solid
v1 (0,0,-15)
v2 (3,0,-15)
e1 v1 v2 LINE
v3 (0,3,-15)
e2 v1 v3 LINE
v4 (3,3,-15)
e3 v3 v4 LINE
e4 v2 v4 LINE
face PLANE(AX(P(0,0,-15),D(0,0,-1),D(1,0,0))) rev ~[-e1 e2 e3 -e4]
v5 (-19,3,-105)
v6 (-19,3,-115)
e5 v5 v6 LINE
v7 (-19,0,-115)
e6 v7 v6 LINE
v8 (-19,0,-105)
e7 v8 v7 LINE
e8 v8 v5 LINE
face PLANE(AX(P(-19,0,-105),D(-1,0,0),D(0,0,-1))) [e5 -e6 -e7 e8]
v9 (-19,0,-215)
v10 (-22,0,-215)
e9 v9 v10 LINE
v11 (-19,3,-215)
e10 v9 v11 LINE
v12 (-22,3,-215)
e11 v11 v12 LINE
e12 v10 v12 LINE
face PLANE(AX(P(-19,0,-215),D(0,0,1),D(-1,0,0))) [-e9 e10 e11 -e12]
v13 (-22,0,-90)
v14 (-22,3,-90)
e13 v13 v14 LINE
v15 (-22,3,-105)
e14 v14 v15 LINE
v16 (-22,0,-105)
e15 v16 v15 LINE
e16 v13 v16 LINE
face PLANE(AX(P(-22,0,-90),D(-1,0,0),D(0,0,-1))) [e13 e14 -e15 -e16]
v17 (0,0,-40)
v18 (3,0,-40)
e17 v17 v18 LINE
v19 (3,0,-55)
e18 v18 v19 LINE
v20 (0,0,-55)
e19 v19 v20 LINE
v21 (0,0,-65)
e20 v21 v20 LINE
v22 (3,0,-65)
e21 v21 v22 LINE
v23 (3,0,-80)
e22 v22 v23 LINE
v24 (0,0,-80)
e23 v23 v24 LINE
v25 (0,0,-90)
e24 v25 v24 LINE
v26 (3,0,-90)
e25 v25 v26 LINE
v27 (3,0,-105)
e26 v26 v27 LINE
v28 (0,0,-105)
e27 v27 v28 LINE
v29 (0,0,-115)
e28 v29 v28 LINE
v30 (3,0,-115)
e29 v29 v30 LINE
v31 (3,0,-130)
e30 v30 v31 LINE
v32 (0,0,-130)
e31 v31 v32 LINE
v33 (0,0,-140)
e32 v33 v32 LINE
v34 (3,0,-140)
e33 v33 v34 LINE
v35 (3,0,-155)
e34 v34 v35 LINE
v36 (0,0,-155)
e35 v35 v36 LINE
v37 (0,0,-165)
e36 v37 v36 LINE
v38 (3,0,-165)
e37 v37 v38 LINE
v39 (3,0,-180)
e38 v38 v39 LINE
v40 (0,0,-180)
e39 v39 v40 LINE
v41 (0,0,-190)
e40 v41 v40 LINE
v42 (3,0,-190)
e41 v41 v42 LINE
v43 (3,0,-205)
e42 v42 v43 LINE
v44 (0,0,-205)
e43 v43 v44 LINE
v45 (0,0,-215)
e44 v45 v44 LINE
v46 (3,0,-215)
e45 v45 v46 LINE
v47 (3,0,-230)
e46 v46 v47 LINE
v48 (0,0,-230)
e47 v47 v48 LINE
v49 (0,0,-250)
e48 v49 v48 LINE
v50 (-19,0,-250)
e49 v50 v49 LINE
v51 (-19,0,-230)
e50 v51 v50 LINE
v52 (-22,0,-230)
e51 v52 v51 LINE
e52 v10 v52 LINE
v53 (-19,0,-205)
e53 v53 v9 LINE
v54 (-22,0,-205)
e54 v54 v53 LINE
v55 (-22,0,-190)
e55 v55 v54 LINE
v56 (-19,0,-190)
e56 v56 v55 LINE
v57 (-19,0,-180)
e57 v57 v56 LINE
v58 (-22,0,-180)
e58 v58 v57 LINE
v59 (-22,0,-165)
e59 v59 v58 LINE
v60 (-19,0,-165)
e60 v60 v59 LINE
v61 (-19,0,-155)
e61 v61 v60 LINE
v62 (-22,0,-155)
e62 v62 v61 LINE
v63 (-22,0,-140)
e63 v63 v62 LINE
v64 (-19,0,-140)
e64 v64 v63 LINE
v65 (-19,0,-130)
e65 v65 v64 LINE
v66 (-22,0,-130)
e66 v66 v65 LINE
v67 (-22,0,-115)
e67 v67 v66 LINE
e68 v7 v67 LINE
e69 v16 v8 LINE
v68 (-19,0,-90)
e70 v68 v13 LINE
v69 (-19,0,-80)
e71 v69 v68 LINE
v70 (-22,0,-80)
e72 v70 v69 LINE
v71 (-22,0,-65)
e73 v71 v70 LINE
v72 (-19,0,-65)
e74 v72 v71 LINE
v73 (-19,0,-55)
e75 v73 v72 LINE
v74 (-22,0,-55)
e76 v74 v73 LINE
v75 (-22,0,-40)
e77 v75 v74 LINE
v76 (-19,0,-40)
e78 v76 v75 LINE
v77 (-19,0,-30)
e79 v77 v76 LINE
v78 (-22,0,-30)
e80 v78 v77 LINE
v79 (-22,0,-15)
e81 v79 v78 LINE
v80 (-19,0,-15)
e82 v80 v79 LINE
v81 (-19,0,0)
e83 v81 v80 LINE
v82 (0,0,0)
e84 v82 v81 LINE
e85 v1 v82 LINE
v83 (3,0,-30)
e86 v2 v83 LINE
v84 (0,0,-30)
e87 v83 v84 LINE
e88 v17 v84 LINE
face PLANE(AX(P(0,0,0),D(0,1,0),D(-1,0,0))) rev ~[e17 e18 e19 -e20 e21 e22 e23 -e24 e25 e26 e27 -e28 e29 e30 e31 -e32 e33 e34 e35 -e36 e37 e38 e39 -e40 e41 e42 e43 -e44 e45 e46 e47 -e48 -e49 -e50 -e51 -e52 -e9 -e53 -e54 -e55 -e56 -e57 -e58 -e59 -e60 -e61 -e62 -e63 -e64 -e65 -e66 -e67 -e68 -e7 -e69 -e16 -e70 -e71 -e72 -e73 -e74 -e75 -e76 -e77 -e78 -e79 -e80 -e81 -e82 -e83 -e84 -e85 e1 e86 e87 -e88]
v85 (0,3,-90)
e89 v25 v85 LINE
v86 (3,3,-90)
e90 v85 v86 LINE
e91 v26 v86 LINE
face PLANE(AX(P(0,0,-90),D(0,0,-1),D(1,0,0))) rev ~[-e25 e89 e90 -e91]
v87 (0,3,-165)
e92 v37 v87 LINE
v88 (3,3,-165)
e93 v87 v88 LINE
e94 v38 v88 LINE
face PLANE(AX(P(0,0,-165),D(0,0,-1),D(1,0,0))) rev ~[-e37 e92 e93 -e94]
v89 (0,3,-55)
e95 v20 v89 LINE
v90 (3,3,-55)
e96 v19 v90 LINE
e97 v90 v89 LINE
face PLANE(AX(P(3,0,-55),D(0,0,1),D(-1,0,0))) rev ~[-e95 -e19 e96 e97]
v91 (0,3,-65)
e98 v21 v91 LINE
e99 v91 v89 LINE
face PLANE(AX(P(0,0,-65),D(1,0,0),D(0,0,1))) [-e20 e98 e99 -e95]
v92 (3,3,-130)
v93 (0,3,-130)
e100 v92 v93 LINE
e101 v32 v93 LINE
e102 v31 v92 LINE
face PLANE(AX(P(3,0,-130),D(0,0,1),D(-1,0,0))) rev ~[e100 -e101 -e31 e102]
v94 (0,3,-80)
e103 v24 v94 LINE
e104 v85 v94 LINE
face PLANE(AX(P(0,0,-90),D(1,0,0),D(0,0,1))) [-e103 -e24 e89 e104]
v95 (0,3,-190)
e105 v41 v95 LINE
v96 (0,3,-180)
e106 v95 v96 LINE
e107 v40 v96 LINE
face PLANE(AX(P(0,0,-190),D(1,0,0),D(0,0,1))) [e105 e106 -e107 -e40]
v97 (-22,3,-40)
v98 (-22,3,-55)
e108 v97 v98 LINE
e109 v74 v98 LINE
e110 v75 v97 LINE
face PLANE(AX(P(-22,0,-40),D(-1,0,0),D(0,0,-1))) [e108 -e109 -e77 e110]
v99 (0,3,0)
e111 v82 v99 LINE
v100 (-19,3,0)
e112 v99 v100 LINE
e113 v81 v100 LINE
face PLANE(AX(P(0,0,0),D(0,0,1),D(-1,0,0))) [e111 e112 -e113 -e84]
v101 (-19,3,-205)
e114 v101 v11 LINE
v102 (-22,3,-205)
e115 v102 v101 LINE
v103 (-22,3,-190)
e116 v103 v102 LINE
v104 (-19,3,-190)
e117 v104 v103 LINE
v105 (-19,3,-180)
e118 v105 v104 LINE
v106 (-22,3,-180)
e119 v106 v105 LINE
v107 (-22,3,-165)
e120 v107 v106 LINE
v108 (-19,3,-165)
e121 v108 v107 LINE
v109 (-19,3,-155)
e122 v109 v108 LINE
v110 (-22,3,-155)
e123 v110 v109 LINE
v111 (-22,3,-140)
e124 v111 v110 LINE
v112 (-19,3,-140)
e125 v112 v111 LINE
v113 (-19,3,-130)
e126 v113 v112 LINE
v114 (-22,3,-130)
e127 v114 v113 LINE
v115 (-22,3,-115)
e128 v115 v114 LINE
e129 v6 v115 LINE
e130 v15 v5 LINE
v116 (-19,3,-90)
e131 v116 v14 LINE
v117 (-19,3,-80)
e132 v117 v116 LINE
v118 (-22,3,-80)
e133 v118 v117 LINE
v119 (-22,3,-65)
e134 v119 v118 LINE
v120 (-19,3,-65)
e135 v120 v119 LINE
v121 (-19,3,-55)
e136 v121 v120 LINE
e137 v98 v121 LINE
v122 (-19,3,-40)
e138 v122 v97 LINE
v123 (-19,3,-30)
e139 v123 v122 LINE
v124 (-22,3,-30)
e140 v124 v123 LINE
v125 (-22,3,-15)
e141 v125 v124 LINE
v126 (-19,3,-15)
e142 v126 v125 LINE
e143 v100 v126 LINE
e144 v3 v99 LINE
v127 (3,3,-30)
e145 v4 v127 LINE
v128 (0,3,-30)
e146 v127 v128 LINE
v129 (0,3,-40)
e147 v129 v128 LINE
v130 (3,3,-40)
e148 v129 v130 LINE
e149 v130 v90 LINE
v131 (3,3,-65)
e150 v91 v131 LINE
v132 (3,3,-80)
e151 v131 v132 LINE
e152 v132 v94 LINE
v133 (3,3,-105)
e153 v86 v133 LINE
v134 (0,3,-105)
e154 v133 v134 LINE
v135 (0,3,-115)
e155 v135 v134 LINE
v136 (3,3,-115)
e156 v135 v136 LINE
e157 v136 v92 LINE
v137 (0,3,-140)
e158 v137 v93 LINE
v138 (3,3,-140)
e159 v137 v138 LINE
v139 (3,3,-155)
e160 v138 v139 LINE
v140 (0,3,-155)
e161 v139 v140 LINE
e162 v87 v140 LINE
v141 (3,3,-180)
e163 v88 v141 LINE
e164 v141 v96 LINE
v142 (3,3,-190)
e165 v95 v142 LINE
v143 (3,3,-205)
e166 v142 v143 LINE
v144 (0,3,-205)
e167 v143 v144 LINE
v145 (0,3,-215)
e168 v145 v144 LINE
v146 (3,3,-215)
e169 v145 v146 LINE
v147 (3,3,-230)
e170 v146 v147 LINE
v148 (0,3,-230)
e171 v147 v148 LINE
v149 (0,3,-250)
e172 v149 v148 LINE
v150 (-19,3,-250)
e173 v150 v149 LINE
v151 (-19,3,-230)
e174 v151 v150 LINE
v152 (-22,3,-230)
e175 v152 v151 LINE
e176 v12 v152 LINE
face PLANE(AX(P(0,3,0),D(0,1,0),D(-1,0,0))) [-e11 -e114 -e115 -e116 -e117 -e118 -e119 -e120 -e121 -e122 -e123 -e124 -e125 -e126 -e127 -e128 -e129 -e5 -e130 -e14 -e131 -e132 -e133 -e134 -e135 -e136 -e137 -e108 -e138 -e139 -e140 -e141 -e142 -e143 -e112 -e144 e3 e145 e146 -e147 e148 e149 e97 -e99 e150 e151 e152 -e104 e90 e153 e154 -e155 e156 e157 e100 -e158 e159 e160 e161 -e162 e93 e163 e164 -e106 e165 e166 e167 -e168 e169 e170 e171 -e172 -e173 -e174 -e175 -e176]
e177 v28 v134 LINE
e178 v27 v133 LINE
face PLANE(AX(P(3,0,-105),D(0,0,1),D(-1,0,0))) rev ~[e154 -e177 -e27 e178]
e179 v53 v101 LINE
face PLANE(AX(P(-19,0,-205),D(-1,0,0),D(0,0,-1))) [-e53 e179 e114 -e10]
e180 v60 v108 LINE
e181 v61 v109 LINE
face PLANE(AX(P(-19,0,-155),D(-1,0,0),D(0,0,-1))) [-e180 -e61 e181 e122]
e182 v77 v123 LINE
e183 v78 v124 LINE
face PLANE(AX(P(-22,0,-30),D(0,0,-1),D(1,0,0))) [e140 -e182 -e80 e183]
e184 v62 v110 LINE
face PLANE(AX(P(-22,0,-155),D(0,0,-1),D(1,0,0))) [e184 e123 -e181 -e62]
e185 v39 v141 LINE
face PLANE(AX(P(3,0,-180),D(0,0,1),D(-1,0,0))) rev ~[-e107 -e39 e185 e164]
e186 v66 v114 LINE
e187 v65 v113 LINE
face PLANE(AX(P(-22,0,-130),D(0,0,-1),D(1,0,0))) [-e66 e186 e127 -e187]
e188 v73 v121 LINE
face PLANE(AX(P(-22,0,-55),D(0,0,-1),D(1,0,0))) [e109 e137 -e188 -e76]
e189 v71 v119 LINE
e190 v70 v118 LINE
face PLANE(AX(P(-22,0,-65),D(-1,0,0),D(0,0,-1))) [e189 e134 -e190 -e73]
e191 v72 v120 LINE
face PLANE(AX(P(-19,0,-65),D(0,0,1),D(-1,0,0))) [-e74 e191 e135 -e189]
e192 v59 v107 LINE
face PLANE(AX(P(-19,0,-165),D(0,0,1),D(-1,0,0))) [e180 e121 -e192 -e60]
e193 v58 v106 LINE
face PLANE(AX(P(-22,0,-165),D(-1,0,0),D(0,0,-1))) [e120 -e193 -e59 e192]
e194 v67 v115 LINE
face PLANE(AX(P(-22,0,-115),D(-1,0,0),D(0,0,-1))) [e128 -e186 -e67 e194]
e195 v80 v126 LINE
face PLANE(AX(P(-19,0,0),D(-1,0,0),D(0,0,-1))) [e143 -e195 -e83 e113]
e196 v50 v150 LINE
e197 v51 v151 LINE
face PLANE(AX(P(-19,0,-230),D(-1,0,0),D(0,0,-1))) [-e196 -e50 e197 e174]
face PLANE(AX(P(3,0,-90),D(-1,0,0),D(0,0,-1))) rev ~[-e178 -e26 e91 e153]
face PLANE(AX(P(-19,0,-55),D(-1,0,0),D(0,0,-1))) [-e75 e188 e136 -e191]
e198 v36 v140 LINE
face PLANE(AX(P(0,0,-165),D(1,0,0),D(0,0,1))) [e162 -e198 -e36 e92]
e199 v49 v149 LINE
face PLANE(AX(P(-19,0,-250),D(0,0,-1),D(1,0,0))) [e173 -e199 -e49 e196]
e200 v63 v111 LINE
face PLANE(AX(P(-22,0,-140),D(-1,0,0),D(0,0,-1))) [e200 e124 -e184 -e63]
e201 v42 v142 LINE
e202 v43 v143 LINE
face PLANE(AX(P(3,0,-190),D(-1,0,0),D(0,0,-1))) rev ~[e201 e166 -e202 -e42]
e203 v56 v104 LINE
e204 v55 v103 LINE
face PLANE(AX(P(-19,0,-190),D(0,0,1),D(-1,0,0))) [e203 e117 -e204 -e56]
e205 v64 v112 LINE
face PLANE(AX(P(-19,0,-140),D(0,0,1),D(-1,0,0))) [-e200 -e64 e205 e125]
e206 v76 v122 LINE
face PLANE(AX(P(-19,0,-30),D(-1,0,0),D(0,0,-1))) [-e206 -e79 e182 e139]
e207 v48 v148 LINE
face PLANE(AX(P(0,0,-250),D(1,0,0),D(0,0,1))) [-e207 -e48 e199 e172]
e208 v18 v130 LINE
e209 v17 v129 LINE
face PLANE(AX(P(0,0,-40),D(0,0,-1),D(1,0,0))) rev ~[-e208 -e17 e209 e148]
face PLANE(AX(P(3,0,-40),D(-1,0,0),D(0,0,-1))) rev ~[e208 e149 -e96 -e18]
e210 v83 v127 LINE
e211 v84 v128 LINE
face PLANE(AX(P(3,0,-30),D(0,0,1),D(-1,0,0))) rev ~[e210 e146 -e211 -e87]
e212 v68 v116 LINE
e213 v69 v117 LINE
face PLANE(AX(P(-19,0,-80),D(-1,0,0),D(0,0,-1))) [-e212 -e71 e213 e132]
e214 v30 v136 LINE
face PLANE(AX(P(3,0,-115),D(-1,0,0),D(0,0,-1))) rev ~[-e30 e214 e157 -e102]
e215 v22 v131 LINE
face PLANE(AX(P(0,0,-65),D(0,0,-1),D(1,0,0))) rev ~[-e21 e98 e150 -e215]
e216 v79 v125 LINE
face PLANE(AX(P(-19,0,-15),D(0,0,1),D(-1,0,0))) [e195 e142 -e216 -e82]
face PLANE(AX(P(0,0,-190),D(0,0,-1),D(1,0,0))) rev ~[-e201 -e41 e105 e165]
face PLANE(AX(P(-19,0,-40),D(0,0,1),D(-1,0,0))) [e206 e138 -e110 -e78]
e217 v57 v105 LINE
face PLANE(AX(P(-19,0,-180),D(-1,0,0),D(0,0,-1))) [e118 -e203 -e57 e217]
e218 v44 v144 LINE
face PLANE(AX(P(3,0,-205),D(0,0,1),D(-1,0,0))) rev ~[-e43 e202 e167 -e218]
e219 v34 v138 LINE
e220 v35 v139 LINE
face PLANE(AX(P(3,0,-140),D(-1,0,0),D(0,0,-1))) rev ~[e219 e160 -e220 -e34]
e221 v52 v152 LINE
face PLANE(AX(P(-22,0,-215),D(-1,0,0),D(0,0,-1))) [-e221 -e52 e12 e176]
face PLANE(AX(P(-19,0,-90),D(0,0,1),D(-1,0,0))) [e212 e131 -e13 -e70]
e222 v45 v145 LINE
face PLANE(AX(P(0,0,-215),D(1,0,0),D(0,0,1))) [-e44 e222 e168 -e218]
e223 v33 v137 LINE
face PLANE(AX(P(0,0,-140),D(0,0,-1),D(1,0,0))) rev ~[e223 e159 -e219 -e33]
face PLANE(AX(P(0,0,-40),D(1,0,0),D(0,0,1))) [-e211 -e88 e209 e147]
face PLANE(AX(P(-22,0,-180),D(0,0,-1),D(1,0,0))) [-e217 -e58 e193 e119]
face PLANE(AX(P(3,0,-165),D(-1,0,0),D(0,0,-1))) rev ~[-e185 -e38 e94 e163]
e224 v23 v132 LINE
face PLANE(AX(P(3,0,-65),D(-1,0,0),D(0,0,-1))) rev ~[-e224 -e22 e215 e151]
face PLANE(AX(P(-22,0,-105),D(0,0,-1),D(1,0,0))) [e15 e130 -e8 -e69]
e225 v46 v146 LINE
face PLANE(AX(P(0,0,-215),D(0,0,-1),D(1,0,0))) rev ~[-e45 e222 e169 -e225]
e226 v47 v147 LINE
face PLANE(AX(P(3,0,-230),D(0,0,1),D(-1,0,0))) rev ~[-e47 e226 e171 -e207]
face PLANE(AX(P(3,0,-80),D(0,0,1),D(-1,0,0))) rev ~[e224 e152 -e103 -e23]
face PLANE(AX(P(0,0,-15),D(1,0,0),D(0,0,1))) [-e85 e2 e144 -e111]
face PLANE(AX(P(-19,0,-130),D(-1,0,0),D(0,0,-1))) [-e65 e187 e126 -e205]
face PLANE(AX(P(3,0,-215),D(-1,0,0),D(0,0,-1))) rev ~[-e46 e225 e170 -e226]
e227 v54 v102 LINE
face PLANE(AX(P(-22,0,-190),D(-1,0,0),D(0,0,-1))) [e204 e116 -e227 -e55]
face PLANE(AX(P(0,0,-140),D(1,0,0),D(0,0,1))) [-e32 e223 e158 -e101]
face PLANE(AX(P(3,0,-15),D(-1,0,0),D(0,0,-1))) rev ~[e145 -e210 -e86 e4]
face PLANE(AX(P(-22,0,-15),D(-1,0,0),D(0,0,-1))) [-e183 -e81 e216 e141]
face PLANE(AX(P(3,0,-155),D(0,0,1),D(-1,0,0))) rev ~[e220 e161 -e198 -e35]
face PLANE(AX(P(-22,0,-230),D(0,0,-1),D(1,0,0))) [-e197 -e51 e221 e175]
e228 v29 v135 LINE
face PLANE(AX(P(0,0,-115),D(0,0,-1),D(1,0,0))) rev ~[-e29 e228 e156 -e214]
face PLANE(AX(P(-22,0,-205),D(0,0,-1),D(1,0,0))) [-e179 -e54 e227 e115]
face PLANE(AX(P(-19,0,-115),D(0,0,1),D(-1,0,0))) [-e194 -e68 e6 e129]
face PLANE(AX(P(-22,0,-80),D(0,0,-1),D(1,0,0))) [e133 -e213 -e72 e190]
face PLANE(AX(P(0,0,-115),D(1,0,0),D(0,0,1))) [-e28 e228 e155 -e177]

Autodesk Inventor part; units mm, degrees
ref_plane "YZ Plane" through (0, 0, 0) normal (1, 0, 0) x (0, 1, 0)
ref_plane "XZ Plane" through (0, 0, 0) normal (0, 1, 0) x (-1, 0, 0)
ref_plane "XY Plane" through (0, 0, 0) normal (0, 0, 1) x (1, 0, 0)
sketch "Boceto1" plane through (0, 0, 0) normal (0, 1, 0) x (-1, 0, 0)
  line L0 (0, 0) -> (19, 0)
  line L1 (19, 0) -> (19, -250)
  line L2 (19, -250) -> (0, -250)
  line L3 (0, -250) -> (0, 0)
  line L4 (9.5, 0) -> (9.5, -250) construction
  line L5 (19, -125) -> (0, -125) construction
  line L6 (19, -15) -> (22, -15)
  line L7 (22, -15) -> (22, -30)
  line L8 (22, -30) -> (19, -30)
  line L9 (19, -30) -> (19, -15)
  line L10 (19, -40) -> (22, -40)
  line L11 (22, -40) -> (22, -55)
  line L12 (22, -55) -> (19, -55)
  line L13 (19, -55) -> (19, -40)
  line L14 (19, -65) -> (22, -65)
  line L15 (22, -65) -> (22, -80)
  line L16 (22, -80) -> (19, -80)
  line L17 (19, -80) -> (19, -65)
  line L18 (19, -90) -> (22, -90)
  line L19 (22, -90) -> (22, -105)
  line L20 (22, -105) -> (19, -105)
  line L21 (19, -105) -> (19, -90)
  line L22 (19, -115) -> (22, -115)
  line L23 (22, -115) -> (22, -130)
  line L24 (22, -130) -> (19, -130)
  line L25 (19, -130) -> (19, -115)
  line L26 (19, -140) -> (22, -140)
  line L27 (22, -140) -> (22, -155)
  line L28 (22, -155) -> (19, -155)
  line L29 (19, -155) -> (19, -140)
  line L30 (19, -165) -> (22, -165)
  line L31 (22, -165) -> (22, -180)
  line L32 (22, -180) -> (19, -180)
  line L33 (19, -180) -> (19, -165)
  line L34 (19, -190) -> (22, -190)
  line L35 (22, -190) -> (22, -205)
  line L36 (22, -205) -> (19, -205)
  line L37 (19, -205) -> (19, -190)
  line L38 (19, -215) -> (22, -215)
  line L39 (22, -215) -> (22, -230)
  line L40 (22, -230) -> (19, -230)
  line L41 (19, -230) -> (19, -215)
  line L42 (0, -15) -> (-3, -15)
  line L43 (-3, -15) -> (-3, -30)
  line L44 (-3, -30) -> (0, -30)
  line L45 (0, -30) -> (0, -15)
  line L46 (0, -40) -> (-3, -40)
  line L47 (-3, -40) -> (-3, -55)
  line L48 (-3, -55) -> (0, -55)
  line L49 (0, -55) -> (0, -40)
  line L50 (0, -65) -> (-3, -65)
  line L51 (-3, -65) -> (-3, -80)
  line L52 (-3, -80) -> (0, -80)
  line L53 (0, -80) -> (0, -65)
  line L54 (0, -90) -> (-3, -90)
  line L55 (-3, -90) -> (-3, -105)
  line L56 (-3, -105) -> (0, -105)
  line L57 (0, -105) -> (0, -90)
  line L58 (0, -115) -> (-3, -115)
  line L59 (-3, -115) -> (-3, -130)
  line L60 (-3, -130) -> (0, -130)
  line L61 (0, -130) -> (0, -115)
  line L62 (0, -140) -> (-3, -140)
  line L63 (-3, -140) -> (-3, -155)
  line L64 (-3, -155) -> (0, -155)
  line L65 (0, -155) -> (0, -140)
  line L66 (0, -165) -> (-3, -165)
  line L67 (-3, -165) -> (-3, -180)
  line L68 (-3, -180) -> (0, -180)
  line L69 (0, -180) -> (0, -165)
  line L70 (0, -190) -> (-3, -190)
  line L71 (-3, -190) -> (-3, -205)
  line L72 (-3, -205) -> (0, -205)
  line L73 (0, -205) -> (0, -190)
  line L74 (0, -215) -> (-3, -215)
  line L75 (-3, -215) -> (-3, -230)
  line L76 (-3, -230) -> (0, -230)
  line L77 (0, -230) -> (0, -215)
  point P0 (20.5, -15)
  point P1 (20.5, -40)
  point P2 (20.5, -65)
  point P3 (20.5, -90)
  point P4 (20.5, -115)
  point P5 (20.5, -140)
  point P6 (20.5, -165)
  point P7 (20.5, -190)
  point P8 (20.5, -215)
  point P9 (44, 0)
  point P10 (-1.5, -15)
  point P11 (-1.5, -40)
  point P12 (-1.5, -65)
  point P13 (-1.5, -90)
  point P14 (-1.5, -115)
  point P15 (-1.5, -140)
  point P16 (-1.5, -165)
  point P17 (-1.5, -190)
  point P18 (-1.5, -215)
  point P19 (19, -230)
  point P20 (19, -215)
  point P21 (19, -205)
  point P22 (19, -190)
  point P23 (19, -180)
  point P24 (19, -165)
  point P25 (19, -155)
  point P26 (19, -140)
  point P27 (19, -130)
  point P28 (19, -115)
  point P29 (19, -105)
  point P30 (19, -90)
  point P31 (19, -80)
  point P32 (19, -65)
  point P33 (19, -55)
  point P34 (19, -40)
  point P35 (19, -30)
  dimension "d0" = 19
  dimension "d1" = 250
  dimension "d5" = 3
  dimension "d6" = 15
  dimension "d7" = 15
  dimension "d10" = 25
extrude "Extrusión1" add sketch "Boceto1" along normal blind 3
